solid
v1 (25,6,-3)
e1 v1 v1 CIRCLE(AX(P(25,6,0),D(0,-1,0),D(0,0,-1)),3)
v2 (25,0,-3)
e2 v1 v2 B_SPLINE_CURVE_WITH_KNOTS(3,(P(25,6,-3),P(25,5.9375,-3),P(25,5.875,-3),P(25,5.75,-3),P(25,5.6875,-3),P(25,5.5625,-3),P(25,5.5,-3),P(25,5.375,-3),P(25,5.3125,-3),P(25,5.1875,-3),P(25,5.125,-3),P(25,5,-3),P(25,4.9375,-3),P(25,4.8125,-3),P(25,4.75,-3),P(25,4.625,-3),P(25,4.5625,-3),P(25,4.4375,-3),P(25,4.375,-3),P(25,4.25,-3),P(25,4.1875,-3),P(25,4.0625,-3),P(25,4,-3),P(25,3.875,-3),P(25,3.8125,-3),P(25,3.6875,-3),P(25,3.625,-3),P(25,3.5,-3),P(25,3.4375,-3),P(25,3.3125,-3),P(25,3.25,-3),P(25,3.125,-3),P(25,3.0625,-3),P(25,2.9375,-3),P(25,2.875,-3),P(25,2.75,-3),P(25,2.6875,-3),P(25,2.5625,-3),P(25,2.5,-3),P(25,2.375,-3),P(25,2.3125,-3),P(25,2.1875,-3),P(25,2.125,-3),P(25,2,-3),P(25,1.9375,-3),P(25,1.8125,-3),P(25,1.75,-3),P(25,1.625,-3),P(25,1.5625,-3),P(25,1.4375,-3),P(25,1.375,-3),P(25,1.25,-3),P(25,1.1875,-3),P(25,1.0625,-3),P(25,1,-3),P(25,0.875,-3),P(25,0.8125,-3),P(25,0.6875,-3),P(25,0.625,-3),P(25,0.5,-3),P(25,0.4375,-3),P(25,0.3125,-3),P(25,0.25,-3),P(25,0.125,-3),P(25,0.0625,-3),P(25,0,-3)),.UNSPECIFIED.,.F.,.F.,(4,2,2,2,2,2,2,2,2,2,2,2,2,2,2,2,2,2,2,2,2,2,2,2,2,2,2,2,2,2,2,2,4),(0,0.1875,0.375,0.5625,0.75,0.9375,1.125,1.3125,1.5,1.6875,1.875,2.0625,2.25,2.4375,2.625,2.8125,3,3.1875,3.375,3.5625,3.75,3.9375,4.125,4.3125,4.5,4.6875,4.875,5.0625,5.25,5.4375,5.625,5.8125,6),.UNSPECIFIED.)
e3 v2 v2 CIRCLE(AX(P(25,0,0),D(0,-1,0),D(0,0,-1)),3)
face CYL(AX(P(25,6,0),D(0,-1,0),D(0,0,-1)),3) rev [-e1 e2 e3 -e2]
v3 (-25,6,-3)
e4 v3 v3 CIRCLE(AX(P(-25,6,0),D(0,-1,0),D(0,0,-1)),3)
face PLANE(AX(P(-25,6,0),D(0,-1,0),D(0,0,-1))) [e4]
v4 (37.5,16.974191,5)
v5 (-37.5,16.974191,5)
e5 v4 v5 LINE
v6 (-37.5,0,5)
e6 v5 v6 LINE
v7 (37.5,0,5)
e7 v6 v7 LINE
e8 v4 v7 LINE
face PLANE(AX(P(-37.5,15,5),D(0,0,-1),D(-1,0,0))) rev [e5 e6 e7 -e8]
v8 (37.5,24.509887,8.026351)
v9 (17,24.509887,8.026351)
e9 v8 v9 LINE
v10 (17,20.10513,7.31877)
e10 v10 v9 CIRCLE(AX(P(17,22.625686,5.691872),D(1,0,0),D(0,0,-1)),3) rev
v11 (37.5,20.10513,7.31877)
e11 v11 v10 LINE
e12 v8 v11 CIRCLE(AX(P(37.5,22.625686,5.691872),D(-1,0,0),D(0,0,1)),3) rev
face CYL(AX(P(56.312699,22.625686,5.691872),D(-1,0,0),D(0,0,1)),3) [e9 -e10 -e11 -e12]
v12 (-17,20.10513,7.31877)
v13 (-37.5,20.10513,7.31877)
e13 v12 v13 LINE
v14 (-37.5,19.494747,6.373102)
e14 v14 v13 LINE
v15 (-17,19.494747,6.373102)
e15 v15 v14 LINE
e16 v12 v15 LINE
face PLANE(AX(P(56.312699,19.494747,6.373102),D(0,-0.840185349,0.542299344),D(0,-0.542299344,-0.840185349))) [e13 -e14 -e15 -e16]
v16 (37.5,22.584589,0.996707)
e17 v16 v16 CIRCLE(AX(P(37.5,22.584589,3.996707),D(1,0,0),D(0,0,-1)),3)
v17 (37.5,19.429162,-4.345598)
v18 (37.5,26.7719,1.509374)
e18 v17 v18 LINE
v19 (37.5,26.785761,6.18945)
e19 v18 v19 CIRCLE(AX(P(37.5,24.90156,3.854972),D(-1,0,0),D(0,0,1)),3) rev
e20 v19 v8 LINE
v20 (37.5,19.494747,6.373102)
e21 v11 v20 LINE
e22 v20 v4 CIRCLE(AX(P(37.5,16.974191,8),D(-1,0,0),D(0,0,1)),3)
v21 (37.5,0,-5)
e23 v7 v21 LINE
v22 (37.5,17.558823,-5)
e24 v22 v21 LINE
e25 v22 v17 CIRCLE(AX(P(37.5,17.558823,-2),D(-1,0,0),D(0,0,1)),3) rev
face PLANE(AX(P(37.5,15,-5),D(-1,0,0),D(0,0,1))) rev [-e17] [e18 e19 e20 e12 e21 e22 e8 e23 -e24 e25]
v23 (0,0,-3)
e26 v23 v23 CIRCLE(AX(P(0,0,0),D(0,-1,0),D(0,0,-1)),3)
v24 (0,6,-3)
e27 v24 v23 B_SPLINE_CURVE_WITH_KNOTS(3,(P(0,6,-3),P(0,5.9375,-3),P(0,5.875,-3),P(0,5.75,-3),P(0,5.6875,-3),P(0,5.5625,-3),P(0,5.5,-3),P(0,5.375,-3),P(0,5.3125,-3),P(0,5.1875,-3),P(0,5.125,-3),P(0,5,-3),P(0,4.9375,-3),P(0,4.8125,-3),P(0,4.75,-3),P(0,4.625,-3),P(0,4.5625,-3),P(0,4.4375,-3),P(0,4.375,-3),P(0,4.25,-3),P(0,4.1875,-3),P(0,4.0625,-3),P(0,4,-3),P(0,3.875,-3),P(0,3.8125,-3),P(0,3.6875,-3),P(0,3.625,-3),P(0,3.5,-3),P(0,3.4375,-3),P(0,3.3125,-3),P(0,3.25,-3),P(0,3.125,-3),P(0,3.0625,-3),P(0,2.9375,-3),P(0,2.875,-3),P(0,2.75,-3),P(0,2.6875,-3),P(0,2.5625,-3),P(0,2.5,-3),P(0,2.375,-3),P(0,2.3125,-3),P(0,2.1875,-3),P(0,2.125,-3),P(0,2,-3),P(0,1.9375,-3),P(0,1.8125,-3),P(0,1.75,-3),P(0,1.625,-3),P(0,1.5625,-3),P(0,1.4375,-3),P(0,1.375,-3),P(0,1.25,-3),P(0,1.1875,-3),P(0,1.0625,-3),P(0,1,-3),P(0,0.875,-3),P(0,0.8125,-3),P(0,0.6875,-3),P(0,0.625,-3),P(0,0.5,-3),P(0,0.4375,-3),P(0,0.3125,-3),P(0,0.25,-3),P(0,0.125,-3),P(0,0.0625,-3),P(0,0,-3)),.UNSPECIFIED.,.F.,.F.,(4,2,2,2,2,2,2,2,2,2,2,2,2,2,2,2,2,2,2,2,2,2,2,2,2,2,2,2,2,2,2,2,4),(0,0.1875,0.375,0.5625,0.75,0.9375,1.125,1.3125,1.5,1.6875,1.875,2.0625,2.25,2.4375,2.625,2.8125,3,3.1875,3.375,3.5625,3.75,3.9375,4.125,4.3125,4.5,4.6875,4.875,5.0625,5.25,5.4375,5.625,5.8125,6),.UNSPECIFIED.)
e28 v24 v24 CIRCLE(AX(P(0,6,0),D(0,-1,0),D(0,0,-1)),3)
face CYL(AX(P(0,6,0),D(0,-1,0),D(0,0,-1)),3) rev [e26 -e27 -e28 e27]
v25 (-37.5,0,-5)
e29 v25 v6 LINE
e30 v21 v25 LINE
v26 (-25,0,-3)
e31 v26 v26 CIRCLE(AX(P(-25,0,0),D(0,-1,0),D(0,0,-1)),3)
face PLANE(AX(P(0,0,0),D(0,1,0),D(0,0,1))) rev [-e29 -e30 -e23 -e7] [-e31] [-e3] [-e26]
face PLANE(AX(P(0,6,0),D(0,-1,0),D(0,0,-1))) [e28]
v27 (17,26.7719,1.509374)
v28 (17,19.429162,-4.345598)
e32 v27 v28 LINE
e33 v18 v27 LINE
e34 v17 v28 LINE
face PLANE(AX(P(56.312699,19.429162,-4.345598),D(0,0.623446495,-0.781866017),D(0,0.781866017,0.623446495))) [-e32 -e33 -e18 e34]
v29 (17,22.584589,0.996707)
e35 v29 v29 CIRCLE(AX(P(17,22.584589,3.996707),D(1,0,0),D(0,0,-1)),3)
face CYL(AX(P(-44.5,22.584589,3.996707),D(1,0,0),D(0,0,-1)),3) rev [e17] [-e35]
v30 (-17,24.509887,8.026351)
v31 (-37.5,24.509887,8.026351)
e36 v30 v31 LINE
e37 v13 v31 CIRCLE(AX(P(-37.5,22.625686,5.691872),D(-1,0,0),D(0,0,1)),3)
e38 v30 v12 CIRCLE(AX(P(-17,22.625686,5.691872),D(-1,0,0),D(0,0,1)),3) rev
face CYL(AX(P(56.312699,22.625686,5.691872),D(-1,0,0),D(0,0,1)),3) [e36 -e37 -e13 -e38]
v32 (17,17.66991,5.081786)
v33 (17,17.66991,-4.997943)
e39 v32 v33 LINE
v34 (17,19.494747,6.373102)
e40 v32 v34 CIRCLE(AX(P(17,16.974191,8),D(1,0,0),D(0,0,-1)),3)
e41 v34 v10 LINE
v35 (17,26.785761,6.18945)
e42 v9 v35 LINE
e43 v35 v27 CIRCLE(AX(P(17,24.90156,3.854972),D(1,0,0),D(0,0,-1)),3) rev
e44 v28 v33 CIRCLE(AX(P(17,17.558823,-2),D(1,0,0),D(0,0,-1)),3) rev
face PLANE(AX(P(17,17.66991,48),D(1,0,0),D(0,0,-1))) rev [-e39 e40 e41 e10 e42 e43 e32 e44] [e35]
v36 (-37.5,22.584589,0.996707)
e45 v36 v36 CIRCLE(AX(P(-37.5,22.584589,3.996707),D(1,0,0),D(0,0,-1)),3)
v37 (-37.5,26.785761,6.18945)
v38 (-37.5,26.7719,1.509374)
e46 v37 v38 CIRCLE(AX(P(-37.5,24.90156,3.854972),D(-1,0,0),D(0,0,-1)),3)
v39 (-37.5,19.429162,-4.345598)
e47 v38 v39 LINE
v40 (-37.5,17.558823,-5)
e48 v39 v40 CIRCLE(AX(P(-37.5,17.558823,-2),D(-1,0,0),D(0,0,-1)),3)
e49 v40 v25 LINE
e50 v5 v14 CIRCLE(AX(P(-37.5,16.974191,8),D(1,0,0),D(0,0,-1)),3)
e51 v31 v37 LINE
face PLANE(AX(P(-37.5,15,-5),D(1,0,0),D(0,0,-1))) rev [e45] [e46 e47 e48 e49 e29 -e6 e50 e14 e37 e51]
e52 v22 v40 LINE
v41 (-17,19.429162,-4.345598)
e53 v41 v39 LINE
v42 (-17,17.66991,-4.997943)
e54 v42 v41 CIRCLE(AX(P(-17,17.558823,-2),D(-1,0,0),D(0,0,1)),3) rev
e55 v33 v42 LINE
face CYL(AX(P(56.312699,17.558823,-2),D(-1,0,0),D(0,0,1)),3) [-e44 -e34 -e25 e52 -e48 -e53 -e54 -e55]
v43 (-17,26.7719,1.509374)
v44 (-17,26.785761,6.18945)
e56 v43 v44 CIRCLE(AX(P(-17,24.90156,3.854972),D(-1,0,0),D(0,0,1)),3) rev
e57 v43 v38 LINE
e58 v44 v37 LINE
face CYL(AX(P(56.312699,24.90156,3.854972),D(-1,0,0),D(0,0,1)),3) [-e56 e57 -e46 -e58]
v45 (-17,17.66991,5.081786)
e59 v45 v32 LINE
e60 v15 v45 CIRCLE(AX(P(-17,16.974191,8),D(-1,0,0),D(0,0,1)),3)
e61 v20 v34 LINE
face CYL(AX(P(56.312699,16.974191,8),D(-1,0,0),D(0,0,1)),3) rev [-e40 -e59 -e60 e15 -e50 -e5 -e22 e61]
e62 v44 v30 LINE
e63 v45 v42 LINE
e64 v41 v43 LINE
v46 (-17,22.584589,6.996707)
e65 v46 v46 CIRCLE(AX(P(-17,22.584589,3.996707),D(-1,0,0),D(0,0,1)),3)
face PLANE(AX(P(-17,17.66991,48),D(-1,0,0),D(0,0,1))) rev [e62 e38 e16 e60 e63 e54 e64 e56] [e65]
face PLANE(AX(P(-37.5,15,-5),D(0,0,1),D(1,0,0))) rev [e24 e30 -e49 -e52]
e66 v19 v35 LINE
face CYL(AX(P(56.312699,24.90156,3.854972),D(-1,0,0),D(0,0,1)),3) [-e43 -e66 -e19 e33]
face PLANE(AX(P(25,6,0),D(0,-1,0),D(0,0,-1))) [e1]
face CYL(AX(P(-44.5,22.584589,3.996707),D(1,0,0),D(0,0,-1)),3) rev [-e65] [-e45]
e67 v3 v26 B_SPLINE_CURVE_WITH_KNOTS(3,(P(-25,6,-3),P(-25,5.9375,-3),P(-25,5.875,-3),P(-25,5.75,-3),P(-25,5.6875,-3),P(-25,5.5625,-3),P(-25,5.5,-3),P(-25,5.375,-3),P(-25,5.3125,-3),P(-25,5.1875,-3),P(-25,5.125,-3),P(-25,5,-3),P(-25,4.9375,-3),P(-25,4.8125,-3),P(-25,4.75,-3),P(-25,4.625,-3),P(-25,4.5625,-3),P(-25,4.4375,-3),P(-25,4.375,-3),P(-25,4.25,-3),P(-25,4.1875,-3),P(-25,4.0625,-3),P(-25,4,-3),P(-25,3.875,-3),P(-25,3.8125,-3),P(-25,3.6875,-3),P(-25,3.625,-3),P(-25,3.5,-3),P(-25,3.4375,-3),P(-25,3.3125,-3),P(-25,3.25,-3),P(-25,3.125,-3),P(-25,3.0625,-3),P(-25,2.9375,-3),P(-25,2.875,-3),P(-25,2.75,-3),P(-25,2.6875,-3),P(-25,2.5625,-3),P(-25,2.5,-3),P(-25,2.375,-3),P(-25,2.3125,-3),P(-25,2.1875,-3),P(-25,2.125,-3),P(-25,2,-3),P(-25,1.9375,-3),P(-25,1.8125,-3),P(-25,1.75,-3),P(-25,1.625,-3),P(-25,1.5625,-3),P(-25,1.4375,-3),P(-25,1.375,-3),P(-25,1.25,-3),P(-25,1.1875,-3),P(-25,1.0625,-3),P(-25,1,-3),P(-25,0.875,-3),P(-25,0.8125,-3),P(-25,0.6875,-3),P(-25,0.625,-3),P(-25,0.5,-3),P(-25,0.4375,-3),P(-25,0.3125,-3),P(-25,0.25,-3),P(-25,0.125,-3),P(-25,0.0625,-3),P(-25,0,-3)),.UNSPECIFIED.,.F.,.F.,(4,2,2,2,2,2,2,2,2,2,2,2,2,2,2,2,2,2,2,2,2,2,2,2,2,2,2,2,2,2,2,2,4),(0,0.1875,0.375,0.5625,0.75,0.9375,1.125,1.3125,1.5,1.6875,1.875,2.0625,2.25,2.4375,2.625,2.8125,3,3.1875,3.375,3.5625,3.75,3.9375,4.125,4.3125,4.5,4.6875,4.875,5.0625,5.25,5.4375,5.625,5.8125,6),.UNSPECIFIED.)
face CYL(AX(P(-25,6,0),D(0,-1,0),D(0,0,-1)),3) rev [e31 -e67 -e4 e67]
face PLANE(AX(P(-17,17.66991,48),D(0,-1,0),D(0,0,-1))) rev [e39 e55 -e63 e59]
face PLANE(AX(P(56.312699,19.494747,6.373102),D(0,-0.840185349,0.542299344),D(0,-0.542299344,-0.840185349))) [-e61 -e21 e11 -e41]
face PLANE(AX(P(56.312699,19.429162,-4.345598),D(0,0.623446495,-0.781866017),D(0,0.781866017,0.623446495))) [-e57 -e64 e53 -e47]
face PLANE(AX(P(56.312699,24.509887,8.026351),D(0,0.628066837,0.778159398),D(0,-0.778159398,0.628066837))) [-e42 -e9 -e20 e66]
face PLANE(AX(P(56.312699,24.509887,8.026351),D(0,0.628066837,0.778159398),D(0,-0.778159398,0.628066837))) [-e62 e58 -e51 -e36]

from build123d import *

# Parameters (mm, degrees)
CROQUIS1_W              = 75
CROQUIS1_H              = 10
SALIENTE_EXTRUIR1_DEPTH = 15
SALIENTE_EXTRUIR2_DEPTH = 75
CROQUIS3_W              = 34
CROQUIS3_H              = 20.463300895
CORTAR_EXTRUIR1_DEPTH   = 53
CROQUIS4_R              = 3
CORTAR_EXTRUIR2_DEPTH   = 82
CROQUIS5_R              = 3
CORTAR_EXTRUIR3_DEPTH   = 6


with BuildPart() as part:
    # Croquis1 → Saliente-Extruir1 (new body)
    with BuildSketch(Plane(origin=(0, 0, 0), x_dir=(1, 0, 0), z_dir=(0, 1, 0))):
        Rectangle(CROQUIS1_W, CROQUIS1_H)
    extrude(amount=SALIENTE_EXTRUIR1_DEPTH)

    # Croquis2 → Saliente-Extruir2 (add)
    with BuildSketch(Plane.ZY.offset(37.5)):
        with BuildLine():
            Line((-5, 15), (5, 15))
            Line((5, 15), (5, 16.974190569))
            ThreePointArc((5, 16.974190569), (5.365546157, 18.409339673), (6.373101968, 19.494746617))
            Line((6.373101968, 19.494746617), (7.318770394, 20.105130227))
            ThreePointArc((7.318770394, 20.105130227), (8.653897933, 22.149866442), (8.026350555, 24.509886785))
            Line((8.026350555, 24.509886785), (6.189450494, 26.785760885))
            ThreePointArc((6.189450494, 26.785760885), (3.846087211, 27.901547218), (1.509374249, 26.77189986))
            Line((1.509374249, 26.77189986), (-4.34559805, 19.429162497))
            ThreePointArc((-4.34559805, 19.429162497), (-4.831677431, 18.549581775), (-5, 17.558823013))
            Line((-5, 17.558823013), (-5, 15))
        make_face()
    extrude(amount=-SALIENTE_EXTRUIR2_DEPTH)

    # Croquis3 → Cortar-Extruir1 (cut)
    with BuildSketch(Plane(origin=(0, 0, -5), x_dir=(-1, 0, 0), z_dir=(0, 0, -1))):
        with Locations((0, 27.901560376)):
            Rectangle(CROQUIS3_W, CROQUIS3_H)
    extrude(amount=-CORTAR_EXTRUIR1_DEPTH, mode=Mode.SUBTRACT)

    # Croquis4 → Cortar-Extruir2 (cut)
    with BuildSketch(Plane(origin=(37.5, 0, 0), x_dir=(0, 0, -1), z_dir=(1, 0, 0))):
        with Locations((-3.996707054, 22.584588981)):
            Circle(CROQUIS4_R)
    extrude(amount=-CORTAR_EXTRUIR2_DEPTH, mode=Mode.SUBTRACT)

    # Croquis5 → Cortar-Extruir3 (cut)
    with BuildSketch(Plane.XZ):
        with Locations(Location((0, 0, 0), (0, 0, 270))):
            Circle(CROQUIS5_R)
        with Locations(Location((25, 0, 0), (0, 0, 270))):
            Circle(CROQUIS5_R)
        with Locations(Location((-25, 0, 0), (0, 0, 270))):
            Circle(CROQUIS5_R)
    extrude(amount=-CORTAR_EXTRUIR3_DEPTH, mode=Mode.SUBTRACT)


solid = part.part
